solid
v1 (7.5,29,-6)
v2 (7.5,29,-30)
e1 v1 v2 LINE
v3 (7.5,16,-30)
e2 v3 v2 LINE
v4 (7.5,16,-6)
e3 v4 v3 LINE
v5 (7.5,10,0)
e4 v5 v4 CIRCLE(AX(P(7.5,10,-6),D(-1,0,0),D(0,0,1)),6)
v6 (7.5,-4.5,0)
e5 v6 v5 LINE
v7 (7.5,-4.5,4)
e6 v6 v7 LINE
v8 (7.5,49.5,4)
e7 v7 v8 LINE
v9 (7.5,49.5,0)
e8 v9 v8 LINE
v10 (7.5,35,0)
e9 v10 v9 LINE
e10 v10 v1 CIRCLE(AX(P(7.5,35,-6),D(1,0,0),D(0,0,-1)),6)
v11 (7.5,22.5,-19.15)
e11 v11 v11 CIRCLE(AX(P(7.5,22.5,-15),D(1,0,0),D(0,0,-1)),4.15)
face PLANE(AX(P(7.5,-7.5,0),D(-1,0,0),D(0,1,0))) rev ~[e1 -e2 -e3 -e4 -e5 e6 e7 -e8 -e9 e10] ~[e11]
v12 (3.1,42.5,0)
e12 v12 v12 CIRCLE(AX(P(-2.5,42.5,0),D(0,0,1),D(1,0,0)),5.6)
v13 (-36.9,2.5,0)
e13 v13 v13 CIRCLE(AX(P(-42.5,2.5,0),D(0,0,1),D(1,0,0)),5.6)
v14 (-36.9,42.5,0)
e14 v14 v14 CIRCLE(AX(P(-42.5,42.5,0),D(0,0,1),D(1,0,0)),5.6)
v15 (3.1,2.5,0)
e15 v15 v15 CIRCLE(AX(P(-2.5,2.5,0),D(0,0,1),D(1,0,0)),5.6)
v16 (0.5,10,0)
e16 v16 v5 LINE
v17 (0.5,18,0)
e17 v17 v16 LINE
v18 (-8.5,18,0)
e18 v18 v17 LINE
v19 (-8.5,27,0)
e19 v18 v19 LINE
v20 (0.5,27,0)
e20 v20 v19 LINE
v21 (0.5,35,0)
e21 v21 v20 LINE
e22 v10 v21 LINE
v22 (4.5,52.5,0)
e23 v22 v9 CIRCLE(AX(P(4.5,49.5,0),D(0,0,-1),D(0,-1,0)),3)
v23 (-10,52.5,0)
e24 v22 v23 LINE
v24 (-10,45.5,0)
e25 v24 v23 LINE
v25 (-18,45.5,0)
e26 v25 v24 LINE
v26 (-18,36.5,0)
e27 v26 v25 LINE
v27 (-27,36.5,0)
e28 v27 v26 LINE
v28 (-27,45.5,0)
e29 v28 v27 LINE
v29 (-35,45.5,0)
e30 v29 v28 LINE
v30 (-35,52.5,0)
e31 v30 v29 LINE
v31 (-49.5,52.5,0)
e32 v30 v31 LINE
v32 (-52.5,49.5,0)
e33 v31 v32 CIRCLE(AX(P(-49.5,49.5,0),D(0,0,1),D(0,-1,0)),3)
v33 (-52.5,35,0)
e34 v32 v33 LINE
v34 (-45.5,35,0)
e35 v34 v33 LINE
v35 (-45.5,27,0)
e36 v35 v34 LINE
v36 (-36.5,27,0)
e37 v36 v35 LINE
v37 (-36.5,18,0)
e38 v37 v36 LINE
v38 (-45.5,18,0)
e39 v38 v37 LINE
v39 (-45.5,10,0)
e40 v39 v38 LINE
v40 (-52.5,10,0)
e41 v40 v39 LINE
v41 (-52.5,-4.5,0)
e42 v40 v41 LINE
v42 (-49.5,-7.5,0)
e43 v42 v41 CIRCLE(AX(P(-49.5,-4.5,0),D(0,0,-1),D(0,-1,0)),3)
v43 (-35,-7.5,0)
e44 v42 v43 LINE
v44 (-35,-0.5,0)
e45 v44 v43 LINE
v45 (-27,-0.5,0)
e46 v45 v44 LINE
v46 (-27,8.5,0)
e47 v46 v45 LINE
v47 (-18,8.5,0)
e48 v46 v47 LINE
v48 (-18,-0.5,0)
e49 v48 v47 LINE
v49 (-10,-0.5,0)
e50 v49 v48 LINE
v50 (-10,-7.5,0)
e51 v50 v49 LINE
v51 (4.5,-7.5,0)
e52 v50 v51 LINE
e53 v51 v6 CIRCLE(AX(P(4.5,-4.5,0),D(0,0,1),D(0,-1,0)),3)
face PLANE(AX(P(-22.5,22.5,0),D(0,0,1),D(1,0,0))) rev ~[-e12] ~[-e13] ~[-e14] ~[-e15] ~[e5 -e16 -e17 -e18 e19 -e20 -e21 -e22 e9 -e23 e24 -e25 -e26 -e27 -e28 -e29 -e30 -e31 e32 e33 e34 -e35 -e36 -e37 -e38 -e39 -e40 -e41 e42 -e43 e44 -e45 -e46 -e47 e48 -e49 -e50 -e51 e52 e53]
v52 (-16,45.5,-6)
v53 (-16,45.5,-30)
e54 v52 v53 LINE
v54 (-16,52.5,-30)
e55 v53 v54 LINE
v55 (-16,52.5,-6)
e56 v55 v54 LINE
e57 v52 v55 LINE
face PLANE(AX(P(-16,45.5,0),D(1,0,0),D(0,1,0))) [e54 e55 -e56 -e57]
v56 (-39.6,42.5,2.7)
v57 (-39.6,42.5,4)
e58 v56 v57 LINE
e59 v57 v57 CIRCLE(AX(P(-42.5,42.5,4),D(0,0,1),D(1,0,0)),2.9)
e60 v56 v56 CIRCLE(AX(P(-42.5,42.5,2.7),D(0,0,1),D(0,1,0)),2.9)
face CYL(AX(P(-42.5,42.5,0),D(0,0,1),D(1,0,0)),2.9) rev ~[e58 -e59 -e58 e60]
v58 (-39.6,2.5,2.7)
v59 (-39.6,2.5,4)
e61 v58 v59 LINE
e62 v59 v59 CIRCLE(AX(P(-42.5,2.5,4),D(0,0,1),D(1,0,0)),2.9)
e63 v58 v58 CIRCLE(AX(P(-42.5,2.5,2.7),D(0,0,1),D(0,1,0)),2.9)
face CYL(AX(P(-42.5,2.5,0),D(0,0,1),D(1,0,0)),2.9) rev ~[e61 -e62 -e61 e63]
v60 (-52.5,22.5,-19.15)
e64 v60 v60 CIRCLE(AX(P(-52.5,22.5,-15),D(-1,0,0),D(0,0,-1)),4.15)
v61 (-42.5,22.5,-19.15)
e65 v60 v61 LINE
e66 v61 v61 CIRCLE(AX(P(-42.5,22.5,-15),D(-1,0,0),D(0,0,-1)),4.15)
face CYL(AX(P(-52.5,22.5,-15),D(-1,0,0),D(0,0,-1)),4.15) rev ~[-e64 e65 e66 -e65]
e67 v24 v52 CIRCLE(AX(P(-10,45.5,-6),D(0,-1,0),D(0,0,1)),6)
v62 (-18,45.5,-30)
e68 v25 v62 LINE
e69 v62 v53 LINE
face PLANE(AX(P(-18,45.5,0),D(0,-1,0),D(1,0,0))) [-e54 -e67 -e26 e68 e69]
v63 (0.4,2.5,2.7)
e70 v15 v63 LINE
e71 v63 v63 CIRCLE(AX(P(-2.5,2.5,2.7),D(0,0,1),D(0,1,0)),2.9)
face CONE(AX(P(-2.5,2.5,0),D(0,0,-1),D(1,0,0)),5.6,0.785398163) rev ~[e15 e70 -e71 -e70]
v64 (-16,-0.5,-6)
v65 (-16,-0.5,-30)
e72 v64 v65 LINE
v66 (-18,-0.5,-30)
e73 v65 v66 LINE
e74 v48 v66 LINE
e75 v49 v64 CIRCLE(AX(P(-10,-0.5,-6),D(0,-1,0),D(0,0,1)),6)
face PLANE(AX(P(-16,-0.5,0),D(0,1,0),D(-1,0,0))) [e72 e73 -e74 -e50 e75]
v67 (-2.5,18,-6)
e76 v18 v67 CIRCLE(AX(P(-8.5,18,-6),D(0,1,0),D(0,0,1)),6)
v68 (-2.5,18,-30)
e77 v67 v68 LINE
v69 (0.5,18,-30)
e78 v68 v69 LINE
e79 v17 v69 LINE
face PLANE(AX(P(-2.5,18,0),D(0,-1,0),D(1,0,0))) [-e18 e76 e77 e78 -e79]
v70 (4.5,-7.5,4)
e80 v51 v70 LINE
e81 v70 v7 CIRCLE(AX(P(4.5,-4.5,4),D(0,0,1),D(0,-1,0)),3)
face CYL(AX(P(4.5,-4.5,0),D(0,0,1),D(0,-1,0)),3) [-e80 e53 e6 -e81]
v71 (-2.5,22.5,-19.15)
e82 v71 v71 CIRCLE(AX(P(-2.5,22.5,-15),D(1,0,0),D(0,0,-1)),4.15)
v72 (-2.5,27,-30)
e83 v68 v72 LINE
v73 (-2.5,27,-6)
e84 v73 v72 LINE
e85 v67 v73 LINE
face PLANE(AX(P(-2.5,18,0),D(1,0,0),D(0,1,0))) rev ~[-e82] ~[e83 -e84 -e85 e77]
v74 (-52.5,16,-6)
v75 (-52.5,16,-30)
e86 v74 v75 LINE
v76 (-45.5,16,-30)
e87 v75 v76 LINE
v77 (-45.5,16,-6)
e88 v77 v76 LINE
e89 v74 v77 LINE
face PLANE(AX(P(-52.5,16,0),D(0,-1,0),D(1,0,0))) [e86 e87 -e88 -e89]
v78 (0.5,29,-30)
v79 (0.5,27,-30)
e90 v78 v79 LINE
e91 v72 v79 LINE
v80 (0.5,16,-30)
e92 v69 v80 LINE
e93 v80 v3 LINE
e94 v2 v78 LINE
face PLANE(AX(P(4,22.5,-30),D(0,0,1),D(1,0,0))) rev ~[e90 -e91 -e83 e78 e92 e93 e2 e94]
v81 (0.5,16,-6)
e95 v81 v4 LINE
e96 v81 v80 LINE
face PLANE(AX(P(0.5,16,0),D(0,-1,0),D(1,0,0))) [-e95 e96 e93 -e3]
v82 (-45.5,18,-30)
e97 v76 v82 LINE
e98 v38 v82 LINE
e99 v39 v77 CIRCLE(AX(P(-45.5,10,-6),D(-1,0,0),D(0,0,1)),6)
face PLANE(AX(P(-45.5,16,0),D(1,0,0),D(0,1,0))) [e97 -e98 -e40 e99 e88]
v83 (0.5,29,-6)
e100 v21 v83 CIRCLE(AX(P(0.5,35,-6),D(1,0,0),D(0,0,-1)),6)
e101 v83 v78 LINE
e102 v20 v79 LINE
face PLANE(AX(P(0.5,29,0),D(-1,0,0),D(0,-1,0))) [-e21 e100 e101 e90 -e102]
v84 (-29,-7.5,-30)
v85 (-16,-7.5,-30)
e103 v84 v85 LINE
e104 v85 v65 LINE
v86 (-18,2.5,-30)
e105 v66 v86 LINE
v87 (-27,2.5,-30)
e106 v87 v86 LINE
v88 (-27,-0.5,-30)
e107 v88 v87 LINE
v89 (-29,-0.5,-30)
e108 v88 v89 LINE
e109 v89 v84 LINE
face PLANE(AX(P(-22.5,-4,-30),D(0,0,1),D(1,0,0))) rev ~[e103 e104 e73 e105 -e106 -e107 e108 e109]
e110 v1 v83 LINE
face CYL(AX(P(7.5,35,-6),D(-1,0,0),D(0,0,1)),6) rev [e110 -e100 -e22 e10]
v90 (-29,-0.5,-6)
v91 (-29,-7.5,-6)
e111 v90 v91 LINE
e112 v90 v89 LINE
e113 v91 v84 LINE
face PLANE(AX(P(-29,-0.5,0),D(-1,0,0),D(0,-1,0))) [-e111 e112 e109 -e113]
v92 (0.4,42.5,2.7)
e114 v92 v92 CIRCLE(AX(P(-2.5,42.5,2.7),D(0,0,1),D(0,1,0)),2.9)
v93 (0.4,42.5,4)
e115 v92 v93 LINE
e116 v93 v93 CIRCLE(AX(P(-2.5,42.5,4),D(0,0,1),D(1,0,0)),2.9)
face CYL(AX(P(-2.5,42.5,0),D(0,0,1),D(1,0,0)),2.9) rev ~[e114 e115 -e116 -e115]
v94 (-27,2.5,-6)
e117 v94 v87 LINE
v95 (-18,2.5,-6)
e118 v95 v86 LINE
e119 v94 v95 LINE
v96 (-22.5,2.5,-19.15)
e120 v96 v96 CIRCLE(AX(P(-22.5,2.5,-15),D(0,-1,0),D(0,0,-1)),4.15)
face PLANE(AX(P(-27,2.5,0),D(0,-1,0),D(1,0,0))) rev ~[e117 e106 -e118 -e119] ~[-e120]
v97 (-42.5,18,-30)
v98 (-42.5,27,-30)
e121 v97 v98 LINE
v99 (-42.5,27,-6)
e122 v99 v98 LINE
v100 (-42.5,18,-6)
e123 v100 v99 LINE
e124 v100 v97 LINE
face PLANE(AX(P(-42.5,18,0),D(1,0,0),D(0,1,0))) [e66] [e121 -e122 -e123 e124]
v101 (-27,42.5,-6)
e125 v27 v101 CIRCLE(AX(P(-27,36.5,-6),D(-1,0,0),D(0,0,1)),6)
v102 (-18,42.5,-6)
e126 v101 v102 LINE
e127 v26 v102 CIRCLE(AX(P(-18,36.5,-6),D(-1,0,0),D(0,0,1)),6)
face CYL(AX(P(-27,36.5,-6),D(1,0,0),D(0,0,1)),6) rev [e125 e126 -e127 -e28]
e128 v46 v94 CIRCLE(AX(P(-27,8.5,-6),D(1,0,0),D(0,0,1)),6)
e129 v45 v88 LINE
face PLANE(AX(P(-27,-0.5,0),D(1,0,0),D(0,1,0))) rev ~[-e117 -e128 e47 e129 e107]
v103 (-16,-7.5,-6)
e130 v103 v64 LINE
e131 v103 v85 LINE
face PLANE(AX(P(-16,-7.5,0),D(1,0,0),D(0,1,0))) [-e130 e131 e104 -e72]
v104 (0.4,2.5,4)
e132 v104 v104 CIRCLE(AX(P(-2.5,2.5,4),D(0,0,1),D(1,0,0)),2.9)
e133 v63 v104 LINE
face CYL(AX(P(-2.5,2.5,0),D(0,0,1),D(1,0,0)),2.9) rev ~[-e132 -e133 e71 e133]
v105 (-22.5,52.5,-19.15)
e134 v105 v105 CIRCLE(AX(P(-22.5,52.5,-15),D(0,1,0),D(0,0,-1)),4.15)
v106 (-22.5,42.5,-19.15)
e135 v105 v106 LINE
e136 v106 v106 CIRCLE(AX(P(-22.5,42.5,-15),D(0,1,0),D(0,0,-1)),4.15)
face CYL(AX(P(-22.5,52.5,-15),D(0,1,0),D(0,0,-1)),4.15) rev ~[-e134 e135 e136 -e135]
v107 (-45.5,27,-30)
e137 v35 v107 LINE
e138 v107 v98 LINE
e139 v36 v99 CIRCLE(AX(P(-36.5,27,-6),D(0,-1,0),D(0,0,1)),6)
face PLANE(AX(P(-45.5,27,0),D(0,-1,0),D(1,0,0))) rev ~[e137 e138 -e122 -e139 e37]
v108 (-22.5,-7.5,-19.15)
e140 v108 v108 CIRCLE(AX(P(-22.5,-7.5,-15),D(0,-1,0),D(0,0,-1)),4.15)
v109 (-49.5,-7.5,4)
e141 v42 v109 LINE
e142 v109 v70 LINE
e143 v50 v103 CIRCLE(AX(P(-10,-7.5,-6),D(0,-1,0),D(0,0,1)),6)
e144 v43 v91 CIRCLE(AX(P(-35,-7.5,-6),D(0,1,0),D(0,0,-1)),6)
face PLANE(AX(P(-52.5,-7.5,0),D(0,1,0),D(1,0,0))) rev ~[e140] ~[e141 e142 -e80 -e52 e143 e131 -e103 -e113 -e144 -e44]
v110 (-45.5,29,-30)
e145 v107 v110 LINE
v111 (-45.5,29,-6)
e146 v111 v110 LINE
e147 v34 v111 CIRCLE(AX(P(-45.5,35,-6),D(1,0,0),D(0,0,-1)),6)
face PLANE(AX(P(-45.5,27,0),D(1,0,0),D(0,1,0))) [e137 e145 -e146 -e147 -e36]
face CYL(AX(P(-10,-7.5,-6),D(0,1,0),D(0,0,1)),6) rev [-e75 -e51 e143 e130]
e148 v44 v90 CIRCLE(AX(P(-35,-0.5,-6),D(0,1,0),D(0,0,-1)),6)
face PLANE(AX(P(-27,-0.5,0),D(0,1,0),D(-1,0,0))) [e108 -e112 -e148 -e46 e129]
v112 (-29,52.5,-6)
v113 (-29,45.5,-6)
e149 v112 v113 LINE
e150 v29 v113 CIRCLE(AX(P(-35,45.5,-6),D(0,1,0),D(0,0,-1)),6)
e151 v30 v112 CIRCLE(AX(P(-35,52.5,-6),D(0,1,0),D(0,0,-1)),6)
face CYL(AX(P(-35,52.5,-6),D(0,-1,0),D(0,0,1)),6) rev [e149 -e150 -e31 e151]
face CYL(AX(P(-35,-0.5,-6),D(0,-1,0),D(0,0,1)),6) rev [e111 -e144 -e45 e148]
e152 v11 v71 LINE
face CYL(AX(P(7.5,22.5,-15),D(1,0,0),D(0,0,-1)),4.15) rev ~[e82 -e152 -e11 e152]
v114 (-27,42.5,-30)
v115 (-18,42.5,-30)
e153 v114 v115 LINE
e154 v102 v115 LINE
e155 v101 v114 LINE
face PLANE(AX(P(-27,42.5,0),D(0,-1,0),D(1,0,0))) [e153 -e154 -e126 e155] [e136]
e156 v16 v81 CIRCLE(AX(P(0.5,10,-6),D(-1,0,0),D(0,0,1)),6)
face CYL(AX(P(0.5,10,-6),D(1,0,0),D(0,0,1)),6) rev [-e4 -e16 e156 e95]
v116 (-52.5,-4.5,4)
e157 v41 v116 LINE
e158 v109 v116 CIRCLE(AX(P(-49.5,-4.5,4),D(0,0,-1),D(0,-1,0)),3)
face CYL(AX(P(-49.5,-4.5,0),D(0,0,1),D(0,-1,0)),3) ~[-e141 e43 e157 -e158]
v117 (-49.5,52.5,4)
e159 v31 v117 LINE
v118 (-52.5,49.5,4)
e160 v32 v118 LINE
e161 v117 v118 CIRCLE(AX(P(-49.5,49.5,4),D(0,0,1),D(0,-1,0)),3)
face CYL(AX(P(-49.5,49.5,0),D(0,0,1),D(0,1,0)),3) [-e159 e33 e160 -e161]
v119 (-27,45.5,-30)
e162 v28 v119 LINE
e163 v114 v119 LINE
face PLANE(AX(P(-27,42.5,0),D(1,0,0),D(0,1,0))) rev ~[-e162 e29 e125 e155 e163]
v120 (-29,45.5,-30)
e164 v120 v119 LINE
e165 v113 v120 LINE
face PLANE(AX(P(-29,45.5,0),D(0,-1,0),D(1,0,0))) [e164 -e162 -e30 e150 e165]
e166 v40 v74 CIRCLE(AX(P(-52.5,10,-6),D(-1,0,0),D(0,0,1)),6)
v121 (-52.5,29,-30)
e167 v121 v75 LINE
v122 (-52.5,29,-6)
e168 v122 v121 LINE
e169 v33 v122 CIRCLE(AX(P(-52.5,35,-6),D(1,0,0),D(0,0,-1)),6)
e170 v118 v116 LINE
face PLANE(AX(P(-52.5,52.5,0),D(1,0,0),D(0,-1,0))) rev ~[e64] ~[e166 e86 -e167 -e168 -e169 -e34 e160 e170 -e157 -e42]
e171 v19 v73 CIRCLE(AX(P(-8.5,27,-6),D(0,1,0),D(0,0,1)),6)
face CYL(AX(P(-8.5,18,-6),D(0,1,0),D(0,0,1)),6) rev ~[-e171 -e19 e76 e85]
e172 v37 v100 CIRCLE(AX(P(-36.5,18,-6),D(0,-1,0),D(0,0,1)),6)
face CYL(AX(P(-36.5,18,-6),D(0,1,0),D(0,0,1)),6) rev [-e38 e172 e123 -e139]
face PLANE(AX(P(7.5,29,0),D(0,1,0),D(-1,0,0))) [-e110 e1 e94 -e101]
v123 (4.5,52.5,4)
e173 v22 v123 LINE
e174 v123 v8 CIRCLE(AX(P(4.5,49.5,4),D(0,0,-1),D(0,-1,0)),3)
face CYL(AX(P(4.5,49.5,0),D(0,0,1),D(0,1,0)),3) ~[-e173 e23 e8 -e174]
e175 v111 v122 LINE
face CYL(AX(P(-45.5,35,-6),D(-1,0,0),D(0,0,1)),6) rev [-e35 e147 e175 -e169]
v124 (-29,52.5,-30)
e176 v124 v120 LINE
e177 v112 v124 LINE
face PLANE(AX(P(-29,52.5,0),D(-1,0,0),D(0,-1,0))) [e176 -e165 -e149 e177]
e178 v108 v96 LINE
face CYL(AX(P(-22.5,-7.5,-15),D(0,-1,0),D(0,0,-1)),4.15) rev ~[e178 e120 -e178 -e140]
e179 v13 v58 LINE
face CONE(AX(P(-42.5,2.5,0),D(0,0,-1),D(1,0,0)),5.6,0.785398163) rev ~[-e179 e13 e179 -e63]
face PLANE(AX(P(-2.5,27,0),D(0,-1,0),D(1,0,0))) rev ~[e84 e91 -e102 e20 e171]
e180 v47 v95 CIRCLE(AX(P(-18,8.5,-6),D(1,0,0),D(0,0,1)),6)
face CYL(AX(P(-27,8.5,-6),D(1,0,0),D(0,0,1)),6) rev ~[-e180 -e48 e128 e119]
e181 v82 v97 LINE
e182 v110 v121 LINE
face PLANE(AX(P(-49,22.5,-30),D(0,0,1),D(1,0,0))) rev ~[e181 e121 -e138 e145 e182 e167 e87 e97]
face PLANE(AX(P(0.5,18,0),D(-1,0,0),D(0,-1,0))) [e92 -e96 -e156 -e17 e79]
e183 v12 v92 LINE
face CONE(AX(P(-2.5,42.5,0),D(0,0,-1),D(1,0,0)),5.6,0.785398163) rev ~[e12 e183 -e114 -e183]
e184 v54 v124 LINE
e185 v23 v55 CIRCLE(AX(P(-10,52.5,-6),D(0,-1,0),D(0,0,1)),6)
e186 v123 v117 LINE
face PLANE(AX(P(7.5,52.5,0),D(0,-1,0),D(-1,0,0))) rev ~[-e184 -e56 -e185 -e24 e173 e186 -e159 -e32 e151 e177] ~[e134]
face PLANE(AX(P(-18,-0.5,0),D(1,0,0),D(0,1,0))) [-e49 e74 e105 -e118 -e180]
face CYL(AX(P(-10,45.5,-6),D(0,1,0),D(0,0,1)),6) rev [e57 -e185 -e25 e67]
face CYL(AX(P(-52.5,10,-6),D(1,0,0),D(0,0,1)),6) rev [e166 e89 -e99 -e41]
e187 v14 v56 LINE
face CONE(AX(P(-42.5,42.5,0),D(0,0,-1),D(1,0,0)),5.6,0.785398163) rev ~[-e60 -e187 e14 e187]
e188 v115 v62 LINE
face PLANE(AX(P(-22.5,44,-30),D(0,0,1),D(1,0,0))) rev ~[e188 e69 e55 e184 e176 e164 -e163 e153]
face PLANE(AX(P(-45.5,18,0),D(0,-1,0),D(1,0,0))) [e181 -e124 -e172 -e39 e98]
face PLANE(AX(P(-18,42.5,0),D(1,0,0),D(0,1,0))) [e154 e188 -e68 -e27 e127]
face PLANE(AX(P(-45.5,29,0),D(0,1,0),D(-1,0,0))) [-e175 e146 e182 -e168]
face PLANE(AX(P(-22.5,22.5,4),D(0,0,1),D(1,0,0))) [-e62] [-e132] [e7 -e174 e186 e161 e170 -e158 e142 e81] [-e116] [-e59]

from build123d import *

# Parameters (mm, degrees)
SKETCH1_W                                            = 60
SKETCH1_H                                            = 60
BOSS_EXTRUDE1_DEPTH                                  = 4
BOSS_EXTRUDE2_DEPTH                                  = 30
CSK_FOR_M5_HEX_SOCKET_COUNTERSUNK_CAP_SC_D           = 5.8
CSK_FOR_M5_HEX_SOCKET_COUNTERSUNK_CAP_SC_DEPTH       = 4
CSK_FOR_M5_HEX_SOCKET_COUNTERSUNK_CAP_SC_CSINK_D     = 11.2
CSK_FOR_M5_HEX_SOCKET_COUNTERSUNK_CAP_SC_CSINK_ANGLE = 90
CSK_FOR_M5_HEX_SOCKET_COUNTERSUNK_CAP_SC_TIP         = 1.742495795
FILLET1_R                                            = 3
FILLET2_R                                            = 6
CUT_EXTRUDE1_REACH                                   = 87.184
SKETCH8_R                                            = 4.15
CIRPATTERN1_COUNT                                    = 4


with BuildPart() as part:
    # Sketch1 → Boss-Extrude1 (new body)
    with BuildSketch(Plane.XY):
        with Locations((-22.5, 22.5)):
            Rectangle(SKETCH1_W, SKETCH1_H)
    extrude(amount=BOSS_EXTRUDE1_DEPTH)

    # Sketch1<3> → Boss-Extrude2 (add)
    with BuildSketch(Plane.XY):
        Polygon((-29, -0.5), (-29, -7.5), (-16, -7.5), (-16, -0.5), (-18, -0.5), (-18, 2.5), (-27, 2.5), (-27, -0.5), align=None)
        Polygon((-52.5, 29), (-52.5, 16), (-45.5, 16), (-45.5, 18), (-42.5, 18), (-42.5, 27), (-45.5, 27), (-45.5, 29), align=None)
        Polygon((0.5, 16), (7.5, 16), (7.5, 29), (0.5, 29), (0.5, 27), (-2.5, 27), (-2.5, 18), (0.5, 18), align=None)
        Polygon((-16, 52.5), (-29, 52.5), (-29, 45.5), (-27, 45.5), (-27, 42.5), (-18, 42.5), (-18, 45.5), (-16, 45.5), align=None)
    extrude(amount=-BOSS_EXTRUDE2_DEPTH)

    # CSK for M5 Hex Socket Countersunk Cap Screw1
    with Locations(Plane(origin=(0, 0, 0), x_dir=(-1, 0, 0), z_dir=(0, 0, -1))):
        with Locations((2.5, 42.5), (42.5, 42.5), (42.5, 2.5), (2.5, 2.5)):
            CounterSinkHole(CSK_FOR_M5_HEX_SOCKET_COUNTERSUNK_CAP_SC_D / 2, CSK_FOR_M5_HEX_SOCKET_COUNTERSUNK_CAP_SC_CSINK_D / 2, depth=CSK_FOR_M5_HEX_SOCKET_COUNTERSUNK_CAP_SC_DEPTH, counter_sink_angle=CSK_FOR_M5_HEX_SOCKET_COUNTERSUNK_CAP_SC_CSINK_ANGLE)
            with Locations((0, 0, -(CSK_FOR_M5_HEX_SOCKET_COUNTERSUNK_CAP_SC_DEPTH + CSK_FOR_M5_HEX_SOCKET_COUNTERSUNK_CAP_SC_TIP / 2))):  # 118° drill point
                Cone(0, CSK_FOR_M5_HEX_SOCKET_COUNTERSUNK_CAP_SC_D / 2, CSK_FOR_M5_HEX_SOCKET_COUNTERSUNK_CAP_SC_TIP, mode=Mode.SUBTRACT)

    # Fillet1
    fillet1_edges = [part.edges().sort_by_distance(p)[0] for p in [
        (-52.5, -7.5, 2),
        (7.5, -7.5, 2),
        (-52.5, 52.5, 2),
        (7.5, 52.5, 2),
    ]]
    fillet(fillet1_edges, radius=FILLET1_R)

    # Fillet2
    fillet2_edges = [part.edges().sort_by_distance(p)[0] for p in [
        (4, 16, 0),
        (4, 29, 0),
        (-16, 49, 0),
        (-29, 49, 0),
        (-49, 29, 0),
        (-49, 16, 0),
        (-29, -4, 0),
        (-16, -4, 0),
        (-22.5, 2.5, 0),
        (-42.5, 22.5, 0),
        (-22.5, 42.5, 0),
        (-2.5, 22.5, 0),
    ]]
    fillet(fillet2_edges, radius=FILLET2_R)

    # Sketch8 → Cut-Extrude1 (cut, up to next)
    with BuildSketch(Plane(origin=(7.5, 0, 0), x_dir=(0, 0, -1), z_dir=(1, 0, 0)), mode=Mode.PRIVATE) as cut_extrude1_sk1:
        with Locations((15, 22.5)):
            Circle(SKETCH8_R)
    cut_extrude1_tool1 = extrude(cut_extrude1_sk1.sketch, amount=-CUT_EXTRUDE1_REACH, mode=Mode.PRIVATE) & part.part
    cut_extrude1 = cut_extrude1_tool1.solids().sort_by_distance((7.5, 22.5, -15))[0]
    add(cut_extrude1, mode=Mode.SUBTRACT)

    # CirPattern1: Cut-Extrude1 ×4 about axis
    cirpattern1_axis = Axis((-22.5, 22.5, 0), (0, 0, -1))
    for i in range(1, CIRPATTERN1_COUNT):
        add(cut_extrude1.rotate(cirpattern1_axis, i * 360 / CIRPATTERN1_COUNT), mode=Mode.SUBTRACT)


solid = part.part
